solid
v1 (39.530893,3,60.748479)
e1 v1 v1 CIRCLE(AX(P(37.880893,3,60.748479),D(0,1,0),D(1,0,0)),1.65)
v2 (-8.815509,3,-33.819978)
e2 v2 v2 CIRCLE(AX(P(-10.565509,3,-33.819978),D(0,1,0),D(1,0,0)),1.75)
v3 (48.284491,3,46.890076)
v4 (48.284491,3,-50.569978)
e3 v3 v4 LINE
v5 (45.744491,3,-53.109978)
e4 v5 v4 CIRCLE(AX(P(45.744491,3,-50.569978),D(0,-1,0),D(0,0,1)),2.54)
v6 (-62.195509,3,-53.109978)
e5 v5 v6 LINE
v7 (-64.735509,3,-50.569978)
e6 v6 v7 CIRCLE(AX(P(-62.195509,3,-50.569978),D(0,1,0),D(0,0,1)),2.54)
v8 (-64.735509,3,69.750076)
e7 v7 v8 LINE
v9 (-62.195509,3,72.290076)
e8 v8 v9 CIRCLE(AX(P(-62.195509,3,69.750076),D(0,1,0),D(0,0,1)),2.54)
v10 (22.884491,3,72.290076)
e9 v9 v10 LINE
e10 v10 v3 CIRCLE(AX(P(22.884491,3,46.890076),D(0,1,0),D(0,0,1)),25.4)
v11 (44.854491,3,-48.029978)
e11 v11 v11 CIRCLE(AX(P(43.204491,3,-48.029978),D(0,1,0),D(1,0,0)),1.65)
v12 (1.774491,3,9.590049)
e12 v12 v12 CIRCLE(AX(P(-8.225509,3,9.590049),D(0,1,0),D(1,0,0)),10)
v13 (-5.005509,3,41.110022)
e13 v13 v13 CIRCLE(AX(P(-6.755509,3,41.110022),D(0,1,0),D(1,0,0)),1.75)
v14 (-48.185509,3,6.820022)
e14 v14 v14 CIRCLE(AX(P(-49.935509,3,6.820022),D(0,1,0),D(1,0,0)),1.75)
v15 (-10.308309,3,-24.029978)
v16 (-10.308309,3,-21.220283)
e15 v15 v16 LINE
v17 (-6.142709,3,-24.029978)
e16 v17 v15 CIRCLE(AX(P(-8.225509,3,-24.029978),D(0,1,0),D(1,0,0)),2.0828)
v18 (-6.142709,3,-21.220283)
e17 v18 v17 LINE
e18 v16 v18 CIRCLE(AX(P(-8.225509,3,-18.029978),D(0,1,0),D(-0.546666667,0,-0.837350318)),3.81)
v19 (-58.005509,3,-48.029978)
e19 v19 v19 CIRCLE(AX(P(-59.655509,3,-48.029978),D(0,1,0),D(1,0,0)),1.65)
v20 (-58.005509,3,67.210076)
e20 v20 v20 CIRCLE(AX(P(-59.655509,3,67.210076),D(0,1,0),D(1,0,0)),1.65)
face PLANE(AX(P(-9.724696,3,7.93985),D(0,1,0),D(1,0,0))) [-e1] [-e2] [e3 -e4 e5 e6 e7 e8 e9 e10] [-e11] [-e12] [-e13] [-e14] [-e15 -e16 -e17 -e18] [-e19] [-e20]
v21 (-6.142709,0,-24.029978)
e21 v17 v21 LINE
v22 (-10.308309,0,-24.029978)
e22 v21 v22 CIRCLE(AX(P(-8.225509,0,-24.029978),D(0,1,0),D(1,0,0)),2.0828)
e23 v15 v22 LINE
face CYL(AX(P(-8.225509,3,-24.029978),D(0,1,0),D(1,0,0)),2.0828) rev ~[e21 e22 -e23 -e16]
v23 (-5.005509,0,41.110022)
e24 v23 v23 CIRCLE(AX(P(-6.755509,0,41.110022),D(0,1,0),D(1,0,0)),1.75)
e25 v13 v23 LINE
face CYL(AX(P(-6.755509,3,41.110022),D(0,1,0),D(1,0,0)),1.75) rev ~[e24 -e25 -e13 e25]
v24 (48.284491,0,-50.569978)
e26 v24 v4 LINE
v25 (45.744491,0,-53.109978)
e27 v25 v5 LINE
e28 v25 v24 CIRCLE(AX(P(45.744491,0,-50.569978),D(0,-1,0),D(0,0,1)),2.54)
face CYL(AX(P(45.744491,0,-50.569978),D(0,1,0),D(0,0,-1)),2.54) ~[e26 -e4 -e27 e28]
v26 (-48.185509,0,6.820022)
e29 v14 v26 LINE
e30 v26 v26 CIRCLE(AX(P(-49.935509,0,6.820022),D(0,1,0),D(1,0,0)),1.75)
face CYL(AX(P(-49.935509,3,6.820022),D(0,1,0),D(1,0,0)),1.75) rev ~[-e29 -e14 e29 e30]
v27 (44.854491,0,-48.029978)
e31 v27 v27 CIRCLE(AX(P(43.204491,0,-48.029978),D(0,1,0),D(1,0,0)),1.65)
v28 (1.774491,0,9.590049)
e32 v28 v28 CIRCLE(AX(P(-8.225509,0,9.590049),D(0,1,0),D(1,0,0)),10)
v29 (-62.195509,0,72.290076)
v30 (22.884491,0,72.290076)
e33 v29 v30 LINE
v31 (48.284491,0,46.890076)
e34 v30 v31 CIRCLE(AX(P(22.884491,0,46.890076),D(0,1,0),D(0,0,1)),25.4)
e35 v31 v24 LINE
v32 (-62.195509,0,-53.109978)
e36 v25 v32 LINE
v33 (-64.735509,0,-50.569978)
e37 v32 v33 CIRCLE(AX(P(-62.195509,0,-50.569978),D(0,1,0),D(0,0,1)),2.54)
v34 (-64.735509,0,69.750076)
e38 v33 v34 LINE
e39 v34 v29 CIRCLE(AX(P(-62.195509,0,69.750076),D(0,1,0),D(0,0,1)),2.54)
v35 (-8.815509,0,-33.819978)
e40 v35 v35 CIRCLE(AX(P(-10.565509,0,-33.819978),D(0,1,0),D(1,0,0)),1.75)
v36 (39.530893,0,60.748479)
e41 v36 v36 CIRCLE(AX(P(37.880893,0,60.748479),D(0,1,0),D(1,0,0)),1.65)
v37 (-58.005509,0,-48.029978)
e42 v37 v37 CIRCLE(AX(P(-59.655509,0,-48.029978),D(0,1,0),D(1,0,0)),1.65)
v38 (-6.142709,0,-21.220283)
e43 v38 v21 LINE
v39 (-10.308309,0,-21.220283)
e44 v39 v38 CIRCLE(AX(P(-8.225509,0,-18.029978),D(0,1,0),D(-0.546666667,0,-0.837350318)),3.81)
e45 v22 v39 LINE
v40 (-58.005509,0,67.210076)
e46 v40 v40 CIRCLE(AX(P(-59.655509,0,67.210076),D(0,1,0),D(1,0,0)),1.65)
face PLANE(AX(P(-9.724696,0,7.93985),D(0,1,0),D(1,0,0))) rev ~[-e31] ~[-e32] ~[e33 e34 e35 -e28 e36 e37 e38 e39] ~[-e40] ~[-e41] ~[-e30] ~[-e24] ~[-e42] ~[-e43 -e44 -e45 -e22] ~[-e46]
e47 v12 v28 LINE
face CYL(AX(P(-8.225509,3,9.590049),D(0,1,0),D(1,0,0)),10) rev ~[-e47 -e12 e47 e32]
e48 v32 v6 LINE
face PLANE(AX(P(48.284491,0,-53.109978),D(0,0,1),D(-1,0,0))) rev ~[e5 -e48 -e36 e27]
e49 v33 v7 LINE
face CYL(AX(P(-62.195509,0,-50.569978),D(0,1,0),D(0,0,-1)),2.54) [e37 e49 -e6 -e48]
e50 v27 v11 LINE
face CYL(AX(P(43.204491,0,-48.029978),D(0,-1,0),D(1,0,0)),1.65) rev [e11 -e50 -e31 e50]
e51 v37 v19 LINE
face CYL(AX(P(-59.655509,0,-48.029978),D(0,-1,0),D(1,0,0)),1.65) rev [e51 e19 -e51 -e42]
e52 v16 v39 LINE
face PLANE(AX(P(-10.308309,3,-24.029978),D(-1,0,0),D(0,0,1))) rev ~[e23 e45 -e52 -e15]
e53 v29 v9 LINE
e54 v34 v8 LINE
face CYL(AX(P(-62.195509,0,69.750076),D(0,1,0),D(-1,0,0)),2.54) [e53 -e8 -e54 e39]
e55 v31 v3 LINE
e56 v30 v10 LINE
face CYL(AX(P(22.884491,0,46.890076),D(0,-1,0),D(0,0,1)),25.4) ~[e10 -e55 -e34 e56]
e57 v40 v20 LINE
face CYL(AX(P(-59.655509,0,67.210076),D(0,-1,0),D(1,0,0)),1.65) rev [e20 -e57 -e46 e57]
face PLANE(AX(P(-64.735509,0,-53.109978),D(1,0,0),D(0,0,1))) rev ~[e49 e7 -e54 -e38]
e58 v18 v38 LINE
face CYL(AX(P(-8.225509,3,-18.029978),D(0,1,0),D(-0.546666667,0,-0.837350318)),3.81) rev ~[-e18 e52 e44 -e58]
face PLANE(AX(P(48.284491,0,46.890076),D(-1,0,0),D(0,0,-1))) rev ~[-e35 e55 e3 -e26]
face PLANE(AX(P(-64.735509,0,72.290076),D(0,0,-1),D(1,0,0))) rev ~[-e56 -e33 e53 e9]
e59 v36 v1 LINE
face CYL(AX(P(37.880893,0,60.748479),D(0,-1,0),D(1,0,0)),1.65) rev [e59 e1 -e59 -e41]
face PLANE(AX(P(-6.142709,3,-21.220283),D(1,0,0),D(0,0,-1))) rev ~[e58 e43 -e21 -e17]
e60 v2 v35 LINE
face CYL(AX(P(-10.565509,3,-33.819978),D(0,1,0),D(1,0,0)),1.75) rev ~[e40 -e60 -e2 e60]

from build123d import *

# Parameters (mm, degrees)
SKETCH1_R           = 1.65
BOSS_EXTRUDE3_DEPTH = 3
CUT_EXTRUDE1_DEPTH  = 4
SKETCH4_R           = 1.75
CUT_EXTRUDE2_DEPTH  = 4
SKETCH5_R           = 10
CUT_EXTRUDE3_DEPTH  = 4
FILLET1_R           = 2.54


with BuildPart() as part:
    # Sketch1 → Boss-Extrude3 (new body)
    with BuildSketch(Plane(origin=(0, 0, 0), x_dir=(1, 0, 0), z_dir=(0, 1, 0))):
        with BuildLine():
            Line((48.284490735, 53.109977813), (-64.735509285, 53.109977813))
            Line((-64.735509285, 53.109977813), (-64.735509285, -72.290076187))
            Line((-64.735509285, -72.290076187), (22.884490735, -72.290076187))
            ThreePointArc((22.884490735, -72.290076187), (40.845002977, -64.850588429), (48.284490735, -46.890076187))
            Line((48.284490735, -46.890076187), (48.284490735, 53.109977813))
        make_face()
        with Locations((-59.655509285, 48.029977813)):
            Circle(SKETCH1_R, mode=Mode.SUBTRACT)
        with Locations((43.204490735, 48.029977813)):
            Circle(SKETCH1_R, mode=Mode.SUBTRACT)
        with Locations((-59.655509285, -67.210076187)):
            Circle(SKETCH1_R, mode=Mode.SUBTRACT)
        with Locations((37.880892571, -60.748479124)):
            Circle(SKETCH1_R, mode=Mode.SUBTRACT)
    extrude(amount=BOSS_EXTRUDE3_DEPTH)

    # Sketch3 → Cut-Extrude1 (cut, through all)
    with BuildSketch(Plane(origin=(0, 3, 0), x_dir=(1, 0, 0), z_dir=(0, 1, 0))):
        with BuildLine():
            Line((-10.308309275, 24.029977813), (-10.308309275, 21.220282526))
            ThreePointArc((-10.308309275, 21.220282526), (-8.225509275, 14.219977813), (-6.142709275, 21.220282526))
            Line((-6.142709275, 21.220282526), (-6.142709275, 24.029977813))
            ThreePointArc((-6.142709275, 24.029977813), (-8.225509275, 26.112777813), (-10.308309275, 24.029977813))
        make_face()
    extrude(amount=-CUT_EXTRUDE1_DEPTH, mode=Mode.SUBTRACT)

    # Sketch4 → Cut-Extrude2 (cut, through all)
    with BuildSketch(Plane(origin=(0, 3, 0), x_dir=(1, 0, 0), z_dir=(0, 1, 0))):
        with Locations((-49.935509285, -6.820022187)):
            Circle(SKETCH4_R)
        with Locations((-6.755509285, -41.110022187)):
            Circle(SKETCH4_R)
        with Locations((-10.565509285, 33.819977813)):
            Circle(SKETCH4_R)
    extrude(amount=-CUT_EXTRUDE2_DEPTH, mode=Mode.SUBTRACT)

    # Sketch5 → Cut-Extrude3 (cut, through all)
    with BuildSketch(Plane(origin=(0, 3, 0), x_dir=(1, 0, 0), z_dir=(0, 1, 0))):
        with Locations((-8.225509275, -9.590049187)):
            Circle(SKETCH5_R)
    extrude(amount=-CUT_EXTRUDE3_DEPTH, mode=Mode.SUBTRACT)

    # Fillet1
    fillet1_edges = [part.edges().sort_by_distance(p)[0] for p in [
        (-64.735509285, 1.5, 72.290076187),
        (-64.735509285, 1.5, -53.109977813),
        (48.284490735, 1.5, -53.109977813),
    ]]
    fillet(fillet1_edges, radius=FILLET1_R)


solid = part.part
